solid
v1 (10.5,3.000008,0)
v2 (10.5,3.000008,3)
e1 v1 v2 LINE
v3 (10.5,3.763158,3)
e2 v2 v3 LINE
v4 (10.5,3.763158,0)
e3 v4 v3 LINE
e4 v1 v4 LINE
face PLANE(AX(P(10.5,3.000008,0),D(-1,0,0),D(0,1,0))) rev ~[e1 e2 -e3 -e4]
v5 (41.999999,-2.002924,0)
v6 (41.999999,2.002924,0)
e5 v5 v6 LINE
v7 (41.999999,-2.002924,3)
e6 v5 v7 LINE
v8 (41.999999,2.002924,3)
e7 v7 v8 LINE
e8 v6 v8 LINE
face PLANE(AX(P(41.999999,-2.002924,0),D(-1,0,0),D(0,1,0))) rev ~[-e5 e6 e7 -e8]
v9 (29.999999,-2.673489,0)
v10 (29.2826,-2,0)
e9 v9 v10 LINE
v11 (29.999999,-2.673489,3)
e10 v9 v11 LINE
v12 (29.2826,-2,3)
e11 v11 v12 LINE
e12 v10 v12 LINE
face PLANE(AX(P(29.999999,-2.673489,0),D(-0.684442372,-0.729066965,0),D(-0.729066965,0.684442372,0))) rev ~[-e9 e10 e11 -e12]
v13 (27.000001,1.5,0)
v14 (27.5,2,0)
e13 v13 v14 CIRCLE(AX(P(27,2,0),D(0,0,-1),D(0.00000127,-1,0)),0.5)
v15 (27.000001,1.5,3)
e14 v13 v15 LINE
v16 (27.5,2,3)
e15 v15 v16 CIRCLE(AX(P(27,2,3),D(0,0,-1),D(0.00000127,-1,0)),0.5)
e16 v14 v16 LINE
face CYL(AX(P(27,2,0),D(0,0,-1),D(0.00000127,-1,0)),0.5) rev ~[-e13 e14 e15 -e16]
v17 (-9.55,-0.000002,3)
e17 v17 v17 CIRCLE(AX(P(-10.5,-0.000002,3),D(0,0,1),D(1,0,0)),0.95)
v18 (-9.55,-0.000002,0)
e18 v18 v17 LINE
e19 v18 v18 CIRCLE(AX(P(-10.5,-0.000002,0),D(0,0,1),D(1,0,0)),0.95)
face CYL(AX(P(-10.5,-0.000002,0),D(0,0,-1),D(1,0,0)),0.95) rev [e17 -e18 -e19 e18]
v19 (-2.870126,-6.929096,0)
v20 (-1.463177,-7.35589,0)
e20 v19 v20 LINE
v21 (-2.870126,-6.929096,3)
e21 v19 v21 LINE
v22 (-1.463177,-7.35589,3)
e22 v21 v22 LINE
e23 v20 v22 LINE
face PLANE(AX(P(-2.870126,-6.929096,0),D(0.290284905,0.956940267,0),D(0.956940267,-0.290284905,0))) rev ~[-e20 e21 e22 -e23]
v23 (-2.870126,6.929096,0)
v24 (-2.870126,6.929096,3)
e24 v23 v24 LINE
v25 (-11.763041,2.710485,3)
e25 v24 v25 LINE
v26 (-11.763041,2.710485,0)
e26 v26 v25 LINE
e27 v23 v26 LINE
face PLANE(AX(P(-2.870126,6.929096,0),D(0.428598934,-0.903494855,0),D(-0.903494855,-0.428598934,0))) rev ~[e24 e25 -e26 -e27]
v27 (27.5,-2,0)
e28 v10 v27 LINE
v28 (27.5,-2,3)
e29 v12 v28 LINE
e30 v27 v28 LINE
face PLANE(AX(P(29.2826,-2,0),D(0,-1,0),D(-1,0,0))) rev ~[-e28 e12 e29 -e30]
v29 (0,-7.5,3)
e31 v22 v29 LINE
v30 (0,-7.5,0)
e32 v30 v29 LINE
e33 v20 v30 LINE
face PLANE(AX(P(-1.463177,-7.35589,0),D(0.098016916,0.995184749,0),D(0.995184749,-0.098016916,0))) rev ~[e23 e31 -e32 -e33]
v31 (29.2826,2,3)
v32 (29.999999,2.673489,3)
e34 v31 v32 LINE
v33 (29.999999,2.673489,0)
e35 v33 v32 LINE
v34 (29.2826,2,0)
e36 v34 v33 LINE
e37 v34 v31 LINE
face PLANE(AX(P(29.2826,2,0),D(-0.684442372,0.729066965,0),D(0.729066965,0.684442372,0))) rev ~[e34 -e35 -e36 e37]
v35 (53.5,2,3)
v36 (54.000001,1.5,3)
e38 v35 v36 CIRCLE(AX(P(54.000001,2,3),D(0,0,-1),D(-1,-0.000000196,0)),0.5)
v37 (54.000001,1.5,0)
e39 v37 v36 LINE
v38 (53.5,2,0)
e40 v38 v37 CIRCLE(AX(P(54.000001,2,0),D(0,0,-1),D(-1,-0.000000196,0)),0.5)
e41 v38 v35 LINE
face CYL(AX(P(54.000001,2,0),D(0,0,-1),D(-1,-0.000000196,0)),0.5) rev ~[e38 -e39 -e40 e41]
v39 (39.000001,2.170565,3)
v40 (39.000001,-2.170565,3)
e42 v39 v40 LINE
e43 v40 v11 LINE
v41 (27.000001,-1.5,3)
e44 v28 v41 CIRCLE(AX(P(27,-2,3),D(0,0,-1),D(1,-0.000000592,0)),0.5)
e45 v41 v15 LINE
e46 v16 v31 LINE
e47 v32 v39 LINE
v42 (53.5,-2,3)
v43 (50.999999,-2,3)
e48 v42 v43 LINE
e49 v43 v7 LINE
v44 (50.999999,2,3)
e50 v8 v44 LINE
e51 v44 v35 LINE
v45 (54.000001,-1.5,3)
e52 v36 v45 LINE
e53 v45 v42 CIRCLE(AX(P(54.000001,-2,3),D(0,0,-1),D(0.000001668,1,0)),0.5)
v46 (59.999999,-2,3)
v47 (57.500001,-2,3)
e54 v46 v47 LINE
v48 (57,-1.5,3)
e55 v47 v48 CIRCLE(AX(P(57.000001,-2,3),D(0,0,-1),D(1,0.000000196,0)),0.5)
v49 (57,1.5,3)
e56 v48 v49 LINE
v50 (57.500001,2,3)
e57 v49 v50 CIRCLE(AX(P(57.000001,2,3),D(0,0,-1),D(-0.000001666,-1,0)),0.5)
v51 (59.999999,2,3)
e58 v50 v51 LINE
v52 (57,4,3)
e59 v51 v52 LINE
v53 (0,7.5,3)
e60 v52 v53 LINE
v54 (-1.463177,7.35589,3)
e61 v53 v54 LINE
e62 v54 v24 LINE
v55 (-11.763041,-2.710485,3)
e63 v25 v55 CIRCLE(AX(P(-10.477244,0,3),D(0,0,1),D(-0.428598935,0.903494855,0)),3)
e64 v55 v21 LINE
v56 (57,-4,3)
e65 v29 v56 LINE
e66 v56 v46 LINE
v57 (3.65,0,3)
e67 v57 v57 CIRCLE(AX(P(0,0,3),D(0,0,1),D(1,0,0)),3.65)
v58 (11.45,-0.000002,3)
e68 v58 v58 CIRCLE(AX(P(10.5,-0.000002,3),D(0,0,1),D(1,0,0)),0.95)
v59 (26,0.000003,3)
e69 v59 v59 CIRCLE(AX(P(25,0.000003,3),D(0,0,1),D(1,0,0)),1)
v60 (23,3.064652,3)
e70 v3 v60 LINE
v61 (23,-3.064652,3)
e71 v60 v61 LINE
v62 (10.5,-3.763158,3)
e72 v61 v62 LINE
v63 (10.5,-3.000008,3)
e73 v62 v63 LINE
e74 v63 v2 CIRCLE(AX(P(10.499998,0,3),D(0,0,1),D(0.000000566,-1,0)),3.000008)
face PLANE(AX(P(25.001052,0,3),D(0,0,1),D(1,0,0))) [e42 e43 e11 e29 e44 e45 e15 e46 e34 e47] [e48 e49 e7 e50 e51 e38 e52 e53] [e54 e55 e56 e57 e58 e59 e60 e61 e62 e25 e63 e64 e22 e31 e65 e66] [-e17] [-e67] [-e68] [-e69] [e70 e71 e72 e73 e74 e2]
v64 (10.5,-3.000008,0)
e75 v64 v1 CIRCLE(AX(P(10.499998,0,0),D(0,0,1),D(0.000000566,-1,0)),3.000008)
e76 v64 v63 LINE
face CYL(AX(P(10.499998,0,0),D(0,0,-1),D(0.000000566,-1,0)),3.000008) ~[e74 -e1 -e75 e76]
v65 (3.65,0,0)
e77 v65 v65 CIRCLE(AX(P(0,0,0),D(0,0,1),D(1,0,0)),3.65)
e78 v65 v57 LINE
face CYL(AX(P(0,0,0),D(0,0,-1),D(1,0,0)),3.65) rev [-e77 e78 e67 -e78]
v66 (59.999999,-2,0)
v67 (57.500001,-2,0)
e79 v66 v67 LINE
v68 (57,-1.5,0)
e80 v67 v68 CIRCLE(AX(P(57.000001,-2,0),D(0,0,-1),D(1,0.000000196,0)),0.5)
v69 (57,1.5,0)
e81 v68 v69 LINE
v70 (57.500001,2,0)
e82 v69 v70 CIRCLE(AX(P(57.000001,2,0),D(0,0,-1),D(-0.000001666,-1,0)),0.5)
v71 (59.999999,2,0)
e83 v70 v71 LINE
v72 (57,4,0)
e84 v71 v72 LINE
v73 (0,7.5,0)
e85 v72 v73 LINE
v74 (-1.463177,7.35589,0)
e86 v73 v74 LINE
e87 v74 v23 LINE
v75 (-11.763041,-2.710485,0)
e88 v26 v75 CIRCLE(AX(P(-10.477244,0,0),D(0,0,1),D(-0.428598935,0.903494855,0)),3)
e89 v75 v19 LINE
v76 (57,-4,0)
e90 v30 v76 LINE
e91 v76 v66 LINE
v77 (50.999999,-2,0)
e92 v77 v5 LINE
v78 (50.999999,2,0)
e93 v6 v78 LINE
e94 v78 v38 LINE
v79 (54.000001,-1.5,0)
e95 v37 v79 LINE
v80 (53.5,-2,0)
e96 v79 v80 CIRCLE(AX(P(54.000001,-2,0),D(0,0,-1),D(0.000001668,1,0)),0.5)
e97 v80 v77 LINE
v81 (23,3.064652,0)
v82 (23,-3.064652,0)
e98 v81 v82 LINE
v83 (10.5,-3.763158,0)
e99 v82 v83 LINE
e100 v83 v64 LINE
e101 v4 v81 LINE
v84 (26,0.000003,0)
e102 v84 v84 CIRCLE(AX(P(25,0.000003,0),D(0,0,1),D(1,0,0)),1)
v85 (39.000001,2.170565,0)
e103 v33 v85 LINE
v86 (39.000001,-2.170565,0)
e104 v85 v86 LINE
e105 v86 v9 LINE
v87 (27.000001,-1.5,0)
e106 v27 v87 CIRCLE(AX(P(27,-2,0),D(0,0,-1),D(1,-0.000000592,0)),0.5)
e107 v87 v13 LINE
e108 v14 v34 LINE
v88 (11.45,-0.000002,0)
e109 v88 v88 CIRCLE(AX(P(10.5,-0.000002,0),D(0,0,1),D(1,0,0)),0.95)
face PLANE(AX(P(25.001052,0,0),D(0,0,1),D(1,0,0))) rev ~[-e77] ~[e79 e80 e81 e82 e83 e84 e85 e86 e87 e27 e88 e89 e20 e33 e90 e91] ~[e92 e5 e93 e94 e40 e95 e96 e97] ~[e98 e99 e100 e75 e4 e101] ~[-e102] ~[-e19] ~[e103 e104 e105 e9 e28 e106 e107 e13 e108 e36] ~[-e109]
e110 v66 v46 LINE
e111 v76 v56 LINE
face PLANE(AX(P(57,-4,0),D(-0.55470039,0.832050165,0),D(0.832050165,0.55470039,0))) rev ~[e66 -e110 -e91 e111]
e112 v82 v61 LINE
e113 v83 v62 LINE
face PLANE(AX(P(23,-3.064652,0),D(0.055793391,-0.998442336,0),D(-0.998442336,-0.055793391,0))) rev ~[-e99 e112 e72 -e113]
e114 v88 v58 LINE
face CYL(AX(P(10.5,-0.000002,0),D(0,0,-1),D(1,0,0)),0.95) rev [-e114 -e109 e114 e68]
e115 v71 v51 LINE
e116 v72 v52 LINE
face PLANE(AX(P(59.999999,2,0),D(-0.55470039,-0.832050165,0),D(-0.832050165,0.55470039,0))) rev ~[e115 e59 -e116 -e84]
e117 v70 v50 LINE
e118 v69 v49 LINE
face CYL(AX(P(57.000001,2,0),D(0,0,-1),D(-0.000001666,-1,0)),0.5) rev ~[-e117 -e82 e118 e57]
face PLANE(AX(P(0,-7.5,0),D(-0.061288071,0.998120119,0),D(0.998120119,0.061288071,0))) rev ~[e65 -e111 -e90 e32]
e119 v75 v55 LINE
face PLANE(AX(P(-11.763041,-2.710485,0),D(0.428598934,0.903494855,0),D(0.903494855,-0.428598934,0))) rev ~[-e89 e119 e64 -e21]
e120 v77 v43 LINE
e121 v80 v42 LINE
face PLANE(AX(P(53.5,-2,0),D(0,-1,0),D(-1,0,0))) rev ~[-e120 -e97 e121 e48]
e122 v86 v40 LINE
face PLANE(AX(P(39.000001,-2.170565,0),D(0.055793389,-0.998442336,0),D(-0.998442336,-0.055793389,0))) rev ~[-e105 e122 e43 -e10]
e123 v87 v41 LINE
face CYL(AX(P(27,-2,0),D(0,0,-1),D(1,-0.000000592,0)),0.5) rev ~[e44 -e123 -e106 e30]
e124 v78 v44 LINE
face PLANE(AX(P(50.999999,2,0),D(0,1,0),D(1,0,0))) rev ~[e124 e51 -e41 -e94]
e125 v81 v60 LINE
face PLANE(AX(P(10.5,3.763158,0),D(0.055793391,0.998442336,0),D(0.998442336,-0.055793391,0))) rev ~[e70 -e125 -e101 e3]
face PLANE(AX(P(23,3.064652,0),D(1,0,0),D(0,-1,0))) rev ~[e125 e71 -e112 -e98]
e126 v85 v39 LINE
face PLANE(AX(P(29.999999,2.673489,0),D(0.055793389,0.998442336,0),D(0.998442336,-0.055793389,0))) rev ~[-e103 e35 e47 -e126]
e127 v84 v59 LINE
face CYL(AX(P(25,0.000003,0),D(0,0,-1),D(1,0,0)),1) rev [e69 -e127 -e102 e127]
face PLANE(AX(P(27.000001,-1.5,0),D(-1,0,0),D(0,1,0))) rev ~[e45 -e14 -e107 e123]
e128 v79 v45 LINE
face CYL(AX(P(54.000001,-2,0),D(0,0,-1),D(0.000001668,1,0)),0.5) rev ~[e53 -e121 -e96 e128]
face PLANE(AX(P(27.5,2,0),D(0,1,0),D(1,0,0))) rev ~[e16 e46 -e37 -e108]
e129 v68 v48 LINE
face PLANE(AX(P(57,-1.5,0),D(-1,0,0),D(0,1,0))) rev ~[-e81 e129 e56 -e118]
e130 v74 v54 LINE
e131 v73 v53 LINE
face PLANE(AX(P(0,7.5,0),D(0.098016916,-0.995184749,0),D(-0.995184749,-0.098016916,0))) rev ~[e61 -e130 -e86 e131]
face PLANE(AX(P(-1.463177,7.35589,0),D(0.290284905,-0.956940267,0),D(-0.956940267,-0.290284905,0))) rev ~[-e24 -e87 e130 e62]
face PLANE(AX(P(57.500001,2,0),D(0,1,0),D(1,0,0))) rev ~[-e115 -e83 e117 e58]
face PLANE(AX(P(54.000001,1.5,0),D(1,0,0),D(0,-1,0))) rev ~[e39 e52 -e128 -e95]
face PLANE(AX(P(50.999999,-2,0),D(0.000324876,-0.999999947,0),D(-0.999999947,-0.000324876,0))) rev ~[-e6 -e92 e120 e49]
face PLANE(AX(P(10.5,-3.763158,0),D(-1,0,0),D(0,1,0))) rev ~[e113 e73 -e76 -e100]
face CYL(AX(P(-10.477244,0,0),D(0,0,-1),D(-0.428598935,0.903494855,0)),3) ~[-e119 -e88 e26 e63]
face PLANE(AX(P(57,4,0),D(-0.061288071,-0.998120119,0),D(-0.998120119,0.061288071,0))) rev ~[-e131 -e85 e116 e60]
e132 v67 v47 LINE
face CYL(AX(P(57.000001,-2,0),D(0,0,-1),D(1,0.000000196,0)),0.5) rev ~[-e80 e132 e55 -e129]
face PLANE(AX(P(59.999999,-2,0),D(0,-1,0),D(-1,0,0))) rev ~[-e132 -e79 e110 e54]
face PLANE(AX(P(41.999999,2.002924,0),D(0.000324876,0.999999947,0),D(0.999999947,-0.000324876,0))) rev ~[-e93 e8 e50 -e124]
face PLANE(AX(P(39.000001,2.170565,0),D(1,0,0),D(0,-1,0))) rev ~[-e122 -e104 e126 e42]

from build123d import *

# Parameters (mm, degrees)
SKETCH_2_R      = 0.999999817
SKETCH_2_R_2    = 0.950000242
SKETCH_2_R_3    = 3.65
EXTRUDE_2_DEPTH = 3


with BuildPart() as part:
    # 草图2 → 凸台-拉伸2 (new body)
    with BuildSketch(Plane.XY):
        with BuildLine():
            Line((57.00000003, 4.00000019), (0, 7.499999832))
            Line((0, 7.499999832), (-1.463177381, 7.355889771))
            Line((-1.463177381, 7.355889771), (-2.870125696, 6.9290963))
            Line((-2.870125696, 6.9290963), (-11.76304094, 2.710484566))
            ThreePointArc((-11.76304094, 2.710484566), (-13.477244136, 0), (-11.76304094, -2.710484566))
            Line((-11.76304094, -2.710484566), (-2.870125696, -6.9290963))
            Line((-2.870125696, -6.9290963), (-1.463177381, -7.355889771))
            Line((-1.463177381, -7.355889771), (0, -7.499999832))
            Line((0, -7.499999832), (57.00000003, -4.00000019))
            Line((57.00000003, -4.00000019), (59.999998659, -2.000000095))
            Line((59.999998659, -2.000000095), (57.500001043, -2.000000095))
            ThreePointArc((57.500001043, -2.000000095), (56.646447675, -2.35355404), (57.00000003, -1.500000013))
            Line((57.00000003, -1.500000013), (57.00000003, 1.500000013))
            ThreePointArc((57.00000003, 1.500000013), (56.646447675, 2.35355404), (57.500001043, 2.000000095))
            Line((57.500001043, 2.000000095), (59.999998659, 2.000000095))
            Line((59.999998659, 2.000000095), (57.00000003, 4.00000019))
        make_face()
        with Locations((25.000000026, 3.041e-06)):
            Circle(SKETCH_2_R, mode=Mode.SUBTRACT)
        with Locations((10.499999852, -1.691e-06)):
            Circle(SKETCH_2_R_2, mode=Mode.SUBTRACT)
        with Locations((-10.499999865, -1.691e-06)):
            Circle(SKETCH_2_R_2, mode=Mode.SUBTRACT)
        Circle(SKETCH_2_R_3, mode=Mode.SUBTRACT)
        with BuildLine():
            Line((41.999999434, 2.002923982), (50.999999046, 2.000000095))
            Line((50.999999046, 2.000000095), (53.500000387, 2.000000095))
            ThreePointArc((53.500000387, 2.000000095), (54.353553756, 2.35355404), (54.000001401, 1.500000013))
            Line((54.000001401, 1.500000013), (54.000001401, -1.500000013))
            ThreePointArc((54.000001401, -1.500000013), (54.353553756, -2.35355404), (53.500000387, -2.000000095))
            Line((53.500000387, -2.000000095), (50.999999046, -2.000000095))
            Line((50.999999046, -2.000000095), (41.999999434, -2.002923982))
            Line((41.999999434, -2.002923982), (41.999999434, 2.002923982))
        make_face(mode=Mode.SUBTRACT)
        with BuildLine():
            Line((27.499999851, 2.000000095), (29.282599688, 2.000000095))
            Line((29.282599688, 2.000000095), (29.999999329, 2.673489275))
            Line((29.999999329, 2.673489275), (39.000000805, 2.170565305))
            Line((39.000000805, 2.170565305), (39.000000805, -2.170565305))
            Line((39.000000805, -2.170565305), (29.999999329, -2.673489275))
            Line((29.999999329, -2.673489275), (29.282599688, -2.000000095))
            Line((29.282599688, -2.000000095), (27.499999851, -2.000000095))
            ThreePointArc((27.499999851, -2.000000095), (26.646446496, -2.353552709), (27.0000007, -1.500000013))
            Line((27.0000007, -1.500000013), (27.0000007, 1.500000013))
            ThreePointArc((27.0000007, 1.500000013), (26.646446496, 2.353552709), (27.499999851, 2.000000095))
        make_face(mode=Mode.SUBTRACT)
        with BuildLine():
            Line((10.499999858, -3.763157874), (10.499999858, -3.000008481))
            ThreePointArc((10.499999858, -3.000008481), (13.500006642, -1.691e-06), (10.499999858, 3.000008481))
            Line((10.499999858, 3.000008481), (10.499999858, 3.763157874))
            Line((10.499999858, 3.763157874), (23.000000045, 3.064652439))
            Line((23.000000045, 3.064652439), (23.000000045, -3.064652439))
            Line((23.000000045, -3.064652439), (10.499999858, -3.763157874))
        make_face(mode=Mode.SUBTRACT)
    extrude(amount=EXTRUDE_2_DEPTH)


solid = part.part
